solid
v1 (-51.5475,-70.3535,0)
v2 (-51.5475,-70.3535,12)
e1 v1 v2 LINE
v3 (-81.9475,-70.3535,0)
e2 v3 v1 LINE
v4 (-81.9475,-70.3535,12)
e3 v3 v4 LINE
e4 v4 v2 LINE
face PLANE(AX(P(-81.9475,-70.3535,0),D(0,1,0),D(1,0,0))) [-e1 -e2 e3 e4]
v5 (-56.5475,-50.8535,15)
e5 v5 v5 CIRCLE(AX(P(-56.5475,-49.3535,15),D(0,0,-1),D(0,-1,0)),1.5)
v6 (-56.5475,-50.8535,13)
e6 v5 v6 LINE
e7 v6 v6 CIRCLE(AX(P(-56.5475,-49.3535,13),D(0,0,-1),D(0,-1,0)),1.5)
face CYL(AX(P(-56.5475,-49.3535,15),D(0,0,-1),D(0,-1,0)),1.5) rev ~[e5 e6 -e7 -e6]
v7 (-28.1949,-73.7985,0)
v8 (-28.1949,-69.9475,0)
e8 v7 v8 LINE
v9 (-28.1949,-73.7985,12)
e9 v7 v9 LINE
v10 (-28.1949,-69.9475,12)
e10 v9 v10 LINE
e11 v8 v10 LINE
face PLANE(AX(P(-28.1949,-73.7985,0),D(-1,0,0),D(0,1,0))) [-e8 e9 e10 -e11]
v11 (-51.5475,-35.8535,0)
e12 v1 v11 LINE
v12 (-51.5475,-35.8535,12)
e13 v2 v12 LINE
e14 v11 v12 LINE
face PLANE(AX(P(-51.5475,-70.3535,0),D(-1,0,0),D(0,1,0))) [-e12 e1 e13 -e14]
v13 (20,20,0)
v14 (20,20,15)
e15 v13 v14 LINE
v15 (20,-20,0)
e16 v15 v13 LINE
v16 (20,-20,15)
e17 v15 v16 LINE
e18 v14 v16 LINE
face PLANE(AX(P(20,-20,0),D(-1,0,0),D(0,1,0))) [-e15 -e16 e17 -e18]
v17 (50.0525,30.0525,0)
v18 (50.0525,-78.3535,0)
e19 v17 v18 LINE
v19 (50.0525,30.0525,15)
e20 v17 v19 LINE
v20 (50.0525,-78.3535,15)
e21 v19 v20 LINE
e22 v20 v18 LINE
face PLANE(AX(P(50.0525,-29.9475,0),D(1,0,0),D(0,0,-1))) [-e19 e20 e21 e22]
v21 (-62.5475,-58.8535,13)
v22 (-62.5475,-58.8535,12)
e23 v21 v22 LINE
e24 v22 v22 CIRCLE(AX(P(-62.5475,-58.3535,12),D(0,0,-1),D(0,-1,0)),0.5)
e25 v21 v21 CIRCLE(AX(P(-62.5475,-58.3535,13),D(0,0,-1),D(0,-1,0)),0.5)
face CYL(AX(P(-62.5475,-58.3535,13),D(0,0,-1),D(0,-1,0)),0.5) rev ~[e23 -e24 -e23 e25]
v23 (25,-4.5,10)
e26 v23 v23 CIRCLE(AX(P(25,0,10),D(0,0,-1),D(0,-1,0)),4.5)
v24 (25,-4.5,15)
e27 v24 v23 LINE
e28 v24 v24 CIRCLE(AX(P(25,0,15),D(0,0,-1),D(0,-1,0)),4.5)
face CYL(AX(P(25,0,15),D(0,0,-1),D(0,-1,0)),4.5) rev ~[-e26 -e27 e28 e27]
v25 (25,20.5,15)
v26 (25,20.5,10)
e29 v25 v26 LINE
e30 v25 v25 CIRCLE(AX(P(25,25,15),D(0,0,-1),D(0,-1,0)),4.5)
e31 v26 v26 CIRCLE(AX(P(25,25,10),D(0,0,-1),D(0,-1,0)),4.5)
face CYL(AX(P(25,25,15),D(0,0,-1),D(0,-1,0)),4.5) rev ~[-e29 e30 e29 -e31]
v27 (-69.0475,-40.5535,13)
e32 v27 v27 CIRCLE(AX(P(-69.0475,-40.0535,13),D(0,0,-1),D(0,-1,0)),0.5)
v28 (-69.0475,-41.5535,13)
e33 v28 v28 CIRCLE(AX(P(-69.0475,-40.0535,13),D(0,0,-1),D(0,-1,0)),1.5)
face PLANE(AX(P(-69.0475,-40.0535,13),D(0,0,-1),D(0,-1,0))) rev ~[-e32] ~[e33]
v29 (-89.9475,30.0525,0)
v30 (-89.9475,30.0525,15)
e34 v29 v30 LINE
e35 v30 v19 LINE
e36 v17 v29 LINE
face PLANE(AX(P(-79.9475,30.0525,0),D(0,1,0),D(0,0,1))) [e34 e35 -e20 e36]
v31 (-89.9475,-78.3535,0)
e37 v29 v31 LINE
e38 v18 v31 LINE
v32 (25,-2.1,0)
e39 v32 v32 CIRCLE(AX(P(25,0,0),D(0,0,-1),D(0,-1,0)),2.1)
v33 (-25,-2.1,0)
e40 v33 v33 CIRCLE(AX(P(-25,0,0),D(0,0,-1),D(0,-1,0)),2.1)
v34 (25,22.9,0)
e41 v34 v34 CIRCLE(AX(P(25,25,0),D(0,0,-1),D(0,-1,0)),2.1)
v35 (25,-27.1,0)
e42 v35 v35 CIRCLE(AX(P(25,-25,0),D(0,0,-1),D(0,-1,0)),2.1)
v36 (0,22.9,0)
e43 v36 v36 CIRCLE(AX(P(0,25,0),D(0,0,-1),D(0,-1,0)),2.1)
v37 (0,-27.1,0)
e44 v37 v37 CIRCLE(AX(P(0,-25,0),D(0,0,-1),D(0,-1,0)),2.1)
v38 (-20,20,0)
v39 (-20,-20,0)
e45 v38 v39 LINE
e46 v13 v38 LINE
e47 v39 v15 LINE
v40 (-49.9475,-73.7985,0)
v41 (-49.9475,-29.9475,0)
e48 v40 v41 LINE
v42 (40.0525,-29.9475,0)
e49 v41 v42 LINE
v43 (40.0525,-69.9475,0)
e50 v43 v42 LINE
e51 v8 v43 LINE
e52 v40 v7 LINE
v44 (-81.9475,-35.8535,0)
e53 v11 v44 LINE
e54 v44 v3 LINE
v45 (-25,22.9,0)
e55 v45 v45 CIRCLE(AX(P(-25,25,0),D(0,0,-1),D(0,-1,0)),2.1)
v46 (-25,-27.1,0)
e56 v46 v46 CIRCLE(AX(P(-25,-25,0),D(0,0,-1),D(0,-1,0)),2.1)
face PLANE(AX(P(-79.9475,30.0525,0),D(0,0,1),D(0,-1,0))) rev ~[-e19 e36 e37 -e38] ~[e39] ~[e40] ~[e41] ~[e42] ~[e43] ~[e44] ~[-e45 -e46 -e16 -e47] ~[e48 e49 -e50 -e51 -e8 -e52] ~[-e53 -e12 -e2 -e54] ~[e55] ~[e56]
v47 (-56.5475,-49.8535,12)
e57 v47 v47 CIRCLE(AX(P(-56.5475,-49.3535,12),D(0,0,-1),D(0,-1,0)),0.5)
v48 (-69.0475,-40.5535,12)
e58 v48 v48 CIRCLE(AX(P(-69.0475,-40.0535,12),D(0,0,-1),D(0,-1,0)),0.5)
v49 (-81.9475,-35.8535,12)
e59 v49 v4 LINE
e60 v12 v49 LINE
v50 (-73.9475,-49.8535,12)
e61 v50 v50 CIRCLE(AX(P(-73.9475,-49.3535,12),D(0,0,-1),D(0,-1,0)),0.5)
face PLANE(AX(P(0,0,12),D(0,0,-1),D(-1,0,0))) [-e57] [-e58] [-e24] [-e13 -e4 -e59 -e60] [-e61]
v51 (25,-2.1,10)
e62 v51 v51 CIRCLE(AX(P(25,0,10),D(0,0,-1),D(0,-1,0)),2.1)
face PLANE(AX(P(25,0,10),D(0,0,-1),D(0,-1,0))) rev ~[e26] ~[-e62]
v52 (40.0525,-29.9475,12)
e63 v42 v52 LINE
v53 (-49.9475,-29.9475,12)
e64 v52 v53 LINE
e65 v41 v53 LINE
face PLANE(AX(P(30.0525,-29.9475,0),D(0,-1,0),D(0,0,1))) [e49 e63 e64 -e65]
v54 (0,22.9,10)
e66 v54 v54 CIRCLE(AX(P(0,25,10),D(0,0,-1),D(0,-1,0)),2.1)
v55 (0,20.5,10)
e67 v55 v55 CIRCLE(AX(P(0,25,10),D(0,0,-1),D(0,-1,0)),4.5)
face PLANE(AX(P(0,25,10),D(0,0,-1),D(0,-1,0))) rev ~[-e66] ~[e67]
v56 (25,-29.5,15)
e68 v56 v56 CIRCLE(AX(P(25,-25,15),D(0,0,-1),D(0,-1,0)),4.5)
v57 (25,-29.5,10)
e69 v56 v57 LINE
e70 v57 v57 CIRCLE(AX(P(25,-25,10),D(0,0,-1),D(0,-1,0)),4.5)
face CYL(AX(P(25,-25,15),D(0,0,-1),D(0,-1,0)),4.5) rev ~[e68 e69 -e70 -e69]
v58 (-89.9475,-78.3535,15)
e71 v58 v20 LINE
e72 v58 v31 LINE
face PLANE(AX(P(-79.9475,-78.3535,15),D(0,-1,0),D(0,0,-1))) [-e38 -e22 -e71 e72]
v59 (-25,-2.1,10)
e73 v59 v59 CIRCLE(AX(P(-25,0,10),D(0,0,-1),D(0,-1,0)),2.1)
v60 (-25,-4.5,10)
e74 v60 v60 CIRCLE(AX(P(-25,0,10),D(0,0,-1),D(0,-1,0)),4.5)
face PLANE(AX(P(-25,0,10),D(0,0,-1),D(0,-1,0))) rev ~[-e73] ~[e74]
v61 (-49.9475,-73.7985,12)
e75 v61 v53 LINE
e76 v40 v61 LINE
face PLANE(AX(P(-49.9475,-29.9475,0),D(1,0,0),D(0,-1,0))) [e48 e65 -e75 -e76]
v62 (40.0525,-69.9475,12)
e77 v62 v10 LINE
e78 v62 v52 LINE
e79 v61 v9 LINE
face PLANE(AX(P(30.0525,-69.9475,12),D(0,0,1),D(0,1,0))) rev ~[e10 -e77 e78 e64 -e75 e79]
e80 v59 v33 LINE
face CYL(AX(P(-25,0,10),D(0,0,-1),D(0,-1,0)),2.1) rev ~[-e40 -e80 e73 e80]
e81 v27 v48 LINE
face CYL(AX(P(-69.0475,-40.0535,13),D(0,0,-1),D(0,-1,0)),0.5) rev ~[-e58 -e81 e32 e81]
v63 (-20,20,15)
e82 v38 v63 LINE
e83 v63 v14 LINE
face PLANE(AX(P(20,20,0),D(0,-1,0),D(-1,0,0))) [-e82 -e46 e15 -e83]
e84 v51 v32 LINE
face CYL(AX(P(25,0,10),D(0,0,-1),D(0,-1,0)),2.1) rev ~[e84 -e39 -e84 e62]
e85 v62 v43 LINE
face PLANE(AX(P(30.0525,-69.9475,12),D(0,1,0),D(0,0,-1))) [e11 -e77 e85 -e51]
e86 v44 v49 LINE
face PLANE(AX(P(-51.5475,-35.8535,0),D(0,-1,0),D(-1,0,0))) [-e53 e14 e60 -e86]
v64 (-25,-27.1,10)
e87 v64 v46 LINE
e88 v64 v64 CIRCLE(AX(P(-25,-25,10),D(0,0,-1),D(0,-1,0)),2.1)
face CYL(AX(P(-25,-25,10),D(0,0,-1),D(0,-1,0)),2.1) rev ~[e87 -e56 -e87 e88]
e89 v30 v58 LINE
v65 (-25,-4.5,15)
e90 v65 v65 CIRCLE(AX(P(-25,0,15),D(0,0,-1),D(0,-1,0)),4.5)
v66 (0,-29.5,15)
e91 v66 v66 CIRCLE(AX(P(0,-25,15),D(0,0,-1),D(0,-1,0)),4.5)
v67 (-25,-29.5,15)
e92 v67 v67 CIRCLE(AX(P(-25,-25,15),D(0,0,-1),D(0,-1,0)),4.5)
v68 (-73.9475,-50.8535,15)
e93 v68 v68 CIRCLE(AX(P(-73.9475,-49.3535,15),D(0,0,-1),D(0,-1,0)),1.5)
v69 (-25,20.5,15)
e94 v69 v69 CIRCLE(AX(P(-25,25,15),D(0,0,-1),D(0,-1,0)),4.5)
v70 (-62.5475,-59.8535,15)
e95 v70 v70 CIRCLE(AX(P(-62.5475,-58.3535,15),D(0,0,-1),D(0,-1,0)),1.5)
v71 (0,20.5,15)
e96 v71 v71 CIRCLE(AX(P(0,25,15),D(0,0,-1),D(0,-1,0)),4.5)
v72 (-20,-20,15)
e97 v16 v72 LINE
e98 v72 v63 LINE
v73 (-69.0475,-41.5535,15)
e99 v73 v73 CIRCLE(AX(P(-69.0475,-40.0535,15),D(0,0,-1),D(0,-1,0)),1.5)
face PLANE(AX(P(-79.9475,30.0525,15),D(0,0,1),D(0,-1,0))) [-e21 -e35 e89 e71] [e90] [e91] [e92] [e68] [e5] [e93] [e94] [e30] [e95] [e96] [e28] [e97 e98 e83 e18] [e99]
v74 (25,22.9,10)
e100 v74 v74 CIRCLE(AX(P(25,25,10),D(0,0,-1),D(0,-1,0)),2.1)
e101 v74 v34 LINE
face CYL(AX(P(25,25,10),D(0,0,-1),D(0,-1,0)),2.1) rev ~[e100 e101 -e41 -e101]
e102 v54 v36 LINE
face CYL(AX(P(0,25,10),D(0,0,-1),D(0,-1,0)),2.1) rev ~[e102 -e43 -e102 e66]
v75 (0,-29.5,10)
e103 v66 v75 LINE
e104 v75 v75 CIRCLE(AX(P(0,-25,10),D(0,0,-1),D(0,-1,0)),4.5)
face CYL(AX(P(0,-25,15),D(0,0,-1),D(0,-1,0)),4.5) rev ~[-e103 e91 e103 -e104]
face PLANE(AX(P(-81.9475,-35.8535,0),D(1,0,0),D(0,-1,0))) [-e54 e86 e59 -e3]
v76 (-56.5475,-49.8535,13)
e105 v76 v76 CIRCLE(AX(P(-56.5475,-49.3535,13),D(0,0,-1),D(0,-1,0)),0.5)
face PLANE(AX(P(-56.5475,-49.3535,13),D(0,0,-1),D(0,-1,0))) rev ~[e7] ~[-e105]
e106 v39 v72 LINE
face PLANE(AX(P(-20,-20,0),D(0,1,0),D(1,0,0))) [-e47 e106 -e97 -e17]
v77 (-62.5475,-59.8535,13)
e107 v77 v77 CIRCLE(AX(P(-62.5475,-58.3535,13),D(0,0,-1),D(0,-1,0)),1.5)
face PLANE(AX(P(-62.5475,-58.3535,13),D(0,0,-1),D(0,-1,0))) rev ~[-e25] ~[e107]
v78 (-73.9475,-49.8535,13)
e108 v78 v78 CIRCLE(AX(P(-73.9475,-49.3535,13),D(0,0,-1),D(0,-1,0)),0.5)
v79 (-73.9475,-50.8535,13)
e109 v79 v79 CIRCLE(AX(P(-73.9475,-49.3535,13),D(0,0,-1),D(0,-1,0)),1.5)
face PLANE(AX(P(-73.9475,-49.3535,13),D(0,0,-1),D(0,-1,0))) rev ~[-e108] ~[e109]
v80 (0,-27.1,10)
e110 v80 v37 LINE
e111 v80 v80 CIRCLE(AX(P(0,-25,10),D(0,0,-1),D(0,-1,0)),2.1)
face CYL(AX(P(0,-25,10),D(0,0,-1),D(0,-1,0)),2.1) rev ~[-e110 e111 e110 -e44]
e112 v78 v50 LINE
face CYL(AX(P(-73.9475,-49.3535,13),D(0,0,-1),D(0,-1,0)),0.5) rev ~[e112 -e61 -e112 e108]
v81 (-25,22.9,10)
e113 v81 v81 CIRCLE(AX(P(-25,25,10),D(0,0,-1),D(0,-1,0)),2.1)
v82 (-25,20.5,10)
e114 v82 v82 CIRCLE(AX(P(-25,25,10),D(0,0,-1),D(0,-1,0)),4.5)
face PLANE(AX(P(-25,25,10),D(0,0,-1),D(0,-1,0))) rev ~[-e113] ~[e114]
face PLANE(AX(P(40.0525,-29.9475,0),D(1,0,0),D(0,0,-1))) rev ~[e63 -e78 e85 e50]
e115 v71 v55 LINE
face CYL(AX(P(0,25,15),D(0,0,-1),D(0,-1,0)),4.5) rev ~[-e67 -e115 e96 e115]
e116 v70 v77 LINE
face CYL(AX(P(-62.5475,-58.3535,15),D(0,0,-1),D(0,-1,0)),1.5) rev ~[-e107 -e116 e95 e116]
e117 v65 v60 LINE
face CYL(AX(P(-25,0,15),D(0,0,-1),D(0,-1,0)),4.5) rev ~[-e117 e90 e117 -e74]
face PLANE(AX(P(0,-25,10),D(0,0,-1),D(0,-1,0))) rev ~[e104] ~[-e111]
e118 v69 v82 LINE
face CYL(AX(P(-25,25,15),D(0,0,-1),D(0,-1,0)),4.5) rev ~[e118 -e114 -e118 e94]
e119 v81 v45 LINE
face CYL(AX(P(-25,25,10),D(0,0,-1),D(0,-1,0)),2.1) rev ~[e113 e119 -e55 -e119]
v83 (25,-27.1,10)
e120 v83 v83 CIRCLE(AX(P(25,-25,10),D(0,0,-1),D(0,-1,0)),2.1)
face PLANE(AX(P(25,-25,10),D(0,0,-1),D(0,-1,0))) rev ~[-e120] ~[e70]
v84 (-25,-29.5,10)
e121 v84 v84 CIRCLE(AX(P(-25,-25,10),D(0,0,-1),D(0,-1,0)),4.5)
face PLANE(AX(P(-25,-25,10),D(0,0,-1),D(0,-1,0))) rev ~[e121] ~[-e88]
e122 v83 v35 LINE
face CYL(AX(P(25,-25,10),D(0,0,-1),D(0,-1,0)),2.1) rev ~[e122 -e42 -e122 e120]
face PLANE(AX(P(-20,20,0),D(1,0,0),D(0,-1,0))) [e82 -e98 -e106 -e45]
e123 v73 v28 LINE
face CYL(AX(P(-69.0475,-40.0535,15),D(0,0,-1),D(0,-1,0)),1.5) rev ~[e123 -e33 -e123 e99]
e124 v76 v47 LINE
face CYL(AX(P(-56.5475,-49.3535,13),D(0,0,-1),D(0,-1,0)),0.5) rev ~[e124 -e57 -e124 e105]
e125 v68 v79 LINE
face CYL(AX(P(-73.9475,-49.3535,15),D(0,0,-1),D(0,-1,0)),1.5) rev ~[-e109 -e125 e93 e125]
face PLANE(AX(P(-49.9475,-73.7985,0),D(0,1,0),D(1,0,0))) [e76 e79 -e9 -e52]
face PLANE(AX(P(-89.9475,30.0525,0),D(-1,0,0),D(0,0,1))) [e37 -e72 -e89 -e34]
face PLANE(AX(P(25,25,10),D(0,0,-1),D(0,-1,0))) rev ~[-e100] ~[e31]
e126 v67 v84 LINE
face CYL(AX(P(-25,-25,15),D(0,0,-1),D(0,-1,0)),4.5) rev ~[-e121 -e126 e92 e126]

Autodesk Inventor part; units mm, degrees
ref_plane "YZ Plane" through (0, 0, 0) normal (1, 0, 0) x (0, 1, 0)
ref_plane "XZ Plane" through (0, 0, 0) normal (0, 1, 0) x (-1, 0, 0)
ref_plane "Work Plane1" through (0, 0, 0) normal (0, 0, 1) x (1, 0, 0)
ref_plane "Work Plane2" through (0, 0, 0) normal (0, 0, 1) x (1, 0, 0)
sketch "Sketch3" plane through (0, 0, 0) normal (0, 0, 1) x (1, 0, 0)
  circle A0 centre (0, 25) radius 1.95 construction
  circle A1 centre (-25, 0) radius 1.95 construction
  circle A2 centre (-25, -25) radius 1.95 construction
  circle A3 centre (25, 25) radius 1.95 construction
  circle A4 centre (25, -25) radius 1.95 construction
  circle A5 centre (-25, 25) radius 1.95 construction
  circle A6 centre (25, 0) radius 1.95 construction
  circle A7 centre (0, -25) radius 1.95 construction
  line L0 (-28, 30) -> (-30, 28) construction
  line L1 (-30, 28) -> (-30, -28) construction
  line L2 (-30, -28) -> (-28, -30) construction
  line L3 (-28, -30) -> (28, -30) construction
  line L4 (28, -30) -> (30, -28) construction
  line L5 (30, -28) -> (30, 28) construction
  line L6 (30, 28) -> (28, 30) construction
  line L7 (28, 30) -> (-28, 30) construction
  line L8 (30.0525, 30.0525) -> (-79.9475, 30.0525)
  line L9 (-79.9475, 30.0525) -> (-79.9475, -29.9475)
  line L10 (-79.9475, -29.9475) -> (30.0525, -29.9475)
  line L11 (30.0525, -29.9475) -> (30.0525, 30.0525)
  line L12 (-79.9475, -29.9475) -> (-49.9475, -29.9475)
  line L13 (-49.9475, -29.9475) -> (-49.9475, -69.9475)
  line L14 (-49.9475, -69.9475) -> (-79.9475, -69.9475)
  line L15 (-79.9475, -69.9475) -> (-79.9475, -29.9475)
  point P0 (0, 0)
  dimension "d5" = 110
  dimension "d6" = 60
  dimension "d7" = 30
  dimension "d8" = 40
extrude "Extrusion2" add sketch "Sketch3" along normal blind 12
sketch "Sketch4" plane through (0, 0, 12) normal (0, 0, 1) x (1, 0, 0)
  line L0 (-79.9475, 30.0525) -> (-79.9475, -69.9475) projected
  line L1 (-79.9475, -69.9475) -> (-49.9475, -69.9475) projected
  line L2 (-49.9475, -69.9475) -> (-49.9475, -29.9475) projected
  line L3 (-49.9475, -29.9475) -> (30.0525, -29.9475) projected
  line L4 (30.0525, -29.9475) -> (30.0525, 30.0525) projected
  line L5 (30.0525, 30.0525) -> (-79.9475, 30.0525) projected
  line L6 (-49.9475, -69.9475) -> (30.0525, -69.9475)
  line L7 (30.0525, -69.9475) -> (30.0525, -29.9475)
  line L8 (30.0525, -29.9475) -> (-49.9475, -29.9475)
  line L9 (-49.9475, -29.9475) -> (-49.9475, -69.9475)
  point P0 (0, 0)
extrude "Extrusion3" add sketch "Sketch4" along normal blind 3
sketch "Sketch5" plane through (0, 0, 15) normal (0, 0, 1) x (1, 0, 0)
  line L0 (-79.9475, -69.9475) -> (30.0525, -69.9475) projected
  line L1 (30.0525, -69.9475) -> (30.0525, 30.0525) projected
  line L2 (30.0525, 30.0525) -> (-79.9475, 30.0525) projected
  line L3 (-79.9475, 30.0525) -> (-79.9475, -69.9475) projected
  line L4 (-79.9475, -69.9475) -> (-49.9475, -69.9475) projected
  line L5 (-79.9475, -69.9475) -> (30.0525, -69.9475)
  line L6 (30.0525, -69.9475) -> (30.0525, -78.3535)
  line L7 (30.0525, -78.3535) -> (-79.9475, -78.3535)
  line L8 (-79.9475, -78.3535) -> (-79.9475, -69.9475)
  line L9 (30.0525, -78.3535) -> (34.0525, -78.3535)
  line L10 (34.0525, -78.3535) -> (34.0525, -24.0007)
  line L11 (34.0525, -24.0007) -> (30.0525, -24.0007)
  line L12 (30.0525, -24.0007) -> (30.0525, -78.3535)
  point P0 (0, 0)
  dimension "d13" = 110
  dimension "d14" = 8.406
  dimension "d15" = 4
  dimension "d16" = 54.353
extrude "Extrusion4" add sketch "Sketch5" against normal up to surface (15 mm away) contours L0 L6 L7 L8
sketch "Sketch6" plane through (0, 0, 15) normal (0, 0, 1) x (1, 0, 0)
  line L0 (30.0525, -78.3535) -> (30.0525, 30.0525) projected
  line L1 (30.0525, 30.0525) -> (-79.9475, 30.0525) projected
  line L2 (-79.9475, 30.0525) -> (-79.9475, -78.3535) projected
  line L3 (-79.9475, -78.3535) -> (30.0525, -78.3535) projected
  circle A0 centre (0, 25) radius 1.95 projected
  circle A1 centre (-25, 0) radius 1.95 projected
  circle A2 centre (-25, -25) radius 1.95 projected
  circle A3 centre (25, 25) radius 1.95 projected
  circle A4 centre (25, -25) radius 1.95 projected
  circle A5 centre (-25, 25) radius 1.95 projected
  circle A6 centre (25, 0) radius 1.95 projected
  circle A7 centre (0, -25) radius 1.95 projected
  line L4 (-28, 30) -> (-30, 28) projected
  line L5 (-30, 28) -> (-30, -28) projected
  line L6 (-30, -28) -> (-28, -30) projected
  line L7 (-28, -30) -> (28, -30) projected
  line L8 (28, -30) -> (30, -28) projected
  line L9 (30, -28) -> (30, 28) projected
  line L10 (30, 28) -> (28, 30) projected
  line L11 (28, 30) -> (-28, 30) projected
  point P0 (0, 0)
hole "Hole1" at (25, 25, 15) at (0, 25, 15) at (-25, 25, 15) at (-25, 0, 15) at (-25, -25, 15) at (0, -25, 15) at (25, -25, 15) at (25, 0, 15) direction (0, 0, -1) diameter 4.2 end through all counterbore diameter 9 counterbore depth 5
sketch "Sketch7" plane through (30.0525, -29.9475, 0) normal (1, 0, 0) x (0, 0, -1)
  line L0 (-10, 34.4475) -> (-10, 25.4475) projected
  line L1 (0, 0) -> (0, 60) projected
  line L2 (0, 60) -> (-15, 60) projected
  line L3 (-15, -48.406) -> (-15, 60) projected
  line L4 (-15, -48.406) -> (0, -48.406) projected
  line L5 (0, -48.406) -> (0, -40) projected
  line L6 (-12, -40) -> (0, -40) projected
  line L7 (-12, -40) -> (-12, 0) projected
  line L8 (0, 0) -> (-12, 0) projected
  point P0 (0, 29.9475)
extrude "Extrusion5" add sketch "Sketch7" along normal blind 10
sketch "Sketch8" plane through (40.0525, -29.9475, 0) normal (1, 0, 0) x (0, 0, -1)
  line L0 (0, 0) -> (0, 60) projected
  line L1 (0, 60) -> (-15, 60) projected
  line L2 (-15, 60) -> (-15, -48.406) projected
  line L3 (-15, -48.406) -> (0, -48.406) projected
  line L4 (0, -48.406) -> (0, -40) projected
  line L5 (0, -40) -> (-12, -40) projected
  line L6 (-12, -40) -> (-12, 0) projected
  line L7 (-12, 0) -> (0, 0) projected
  line L8 (0, 0) -> (-12, 0)
  line L9 (-12, 0) -> (-12, -40)
  line L10 (-12, -40) -> (0, -40)
  line L11 (0, -40) -> (0, 0)
  point P0 (0, 29.9475)
extrude "Extrusion6" add sketch "Sketch8" along normal blind 10
sketch "Sketch10" plane through (0, 0, 0) normal (0, 0, -1) x (-1, 0, 0)
  line L0 (49.9475, -29.9475) -> (-40.0525, -29.9475) construction
  line L1 (49.9475, -69.9475) -> (49.9475, -29.9475) construction
  line L2 (49.9475, -69.9475) -> (-40.0525, -69.9475) construction
  line L3 (-40.0525, -69.9475) -> (-40.0525, -29.9475) construction
  circle A0 centre (-25, -25) radius 2.1 construction
  circle A1 centre (25, -25) radius 2.1 construction
  circle A2 centre (25, 25) radius 2.1 construction
  circle A3 centre (-25, 25) radius 2.1 construction
  circle A4 centre (0, 25) radius 2.1 construction
  circle A5 centre (25, 0) radius 2.1 construction
  circle A6 centre (0, -25) radius 2.1 construction
  circle A7 centre (-25, 0) radius 2.1 construction
  line L4 (-50.0525, 30.0525) -> (79.9475, 30.0525) construction
  line L5 (-50.0525, -78.3535) -> (-50.0525, 30.0525) construction
  line L6 (79.9475, -78.3535) -> (-50.0525, -78.3535) construction
  line L7 (79.9475, 30.0525) -> (79.9475, -78.3535) construction
  line L8 (39, -67) -> (34, -67) construction
  line L9 (34, -71) -> (34, -67) construction
  line L10 (34, -71) -> (39, -71) construction
  line L11 (39, -67) -> (39, -71) construction
  line L12 (28.1949, -69.9475) -> (49.9475, -69.9475)
  line L13 (49.9475, -69.9475) -> (49.9475, -73.7985)
  line L14 (49.9475, -73.7985) -> (28.1949, -73.7985)
  line L15 (28.1949, -73.7985) -> (28.1949, -69.9475)
  point P0 (0, 0)
extrude "Extrusion8" cut sketch "Sketch10" against normal up to surface (12 mm away)
sketch "Sketch12" plane through (-79.9475, 30.0525, 0) normal (-1, 0, 0) x (0, 0, 1)
  line L0 (10, -97.0525) -> (10, -65.0525) projected
  line L1 (0, 0) -> (0, -108.406) projected
  line L2 (15, -108.406) -> (0, -108.406) projected
  line L3 (15, 0) -> (15, -108.406) projected
  line L4 (0, 0) -> (15, 0) projected
  point P0 (0, -30.0525)
extrude "Extrusion9" add sketch "Sketch12" along normal blind 10
sketch "Sketch15" plane through (0, 0, 0) normal (0, 0, -1) x (-1, 0, 0)
  circle A0 centre (0, 0) radius 7.5 projected
  line L0 (20, -20) -> (-20, -20)
  line L1 (-20, -20) -> (-20, 20)
  line L2 (-20, 20) -> (20, 20)
  line L3 (20, 20) -> (20, -20)
  line L4 (20, -20) -> (-20, 20) construction
  line L5 (-20, -20) -> (20, 20) construction
  point P0 (0, 0)
  dimension "d52" = 40
  dimension "d53" = 40
extrude "Extrusion10" cut sketch "Sketch15" against normal through all contours A0 | L0 L1 L2 L3
sketch "Sketch16" plane through (0, 0, 0) normal (0, 0, -1) x (-1, 0, 0)
  circle A0 centre (65.0475, -49.3535) radius 8.5 construction
  line L0 (79.9475, -68.3535) -> (79.9475, -37.8535) construction
  line L1 (79.9475, -37.8535) -> (53.5475, -37.8535) construction
  line L2 (53.5475, -37.8535) -> (53.5475, -68.3535) construction
  line L3 (53.5475, -68.3535) -> (79.9475, -68.3535) construction
  line L4 (51.5475, -35.8535) -> (81.9475, -35.8535)
  line L5 (81.9475, -35.8535) -> (81.9475, -70.3535)
  line L6 (81.9475, -70.3535) -> (51.5475, -70.3535)
  line L7 (51.5475, -70.3535) -> (51.5475, -35.8535)
  point P0 (0, 0)
  dimension "d56" = 2
ref_plane "Work Plane3" through (-75.6975, -60.1035, 12) normal (0, 0, 1) x (1, 0, 0)
extrude "Extrusion11" cut sketch "Sketch16" against normal up to surface (12 mm away)
sketch "Sketch17" plane through (0, 0, 15) normal (0, 0, 1) x (1, 0, 0)
  circle A0 centre (-56.5475, -49.3535) radius 0.9 projected
  circle A1 centre (-69.0475, -40.0535) radius 0.9 projected
  arc A2 (-73.0475, -47.8527) -> (-73.0475, -50.8543) centre (-73.9475, -49.3535) ccw projected
  circle A3 centre (-62.5475, -58.3535) radius 0.9 projected
  point P0 (0, 0)
hole "Hole4" at (-73.9475, -49.3535, 15) at (-69.0475, -40.0535, 15) at (-56.5475, -49.3535, 15) at (-62.5475, -58.3535, 15) direction (0, 0, -1) diameter 1 depth 10 tip angle 118 counterbore diameter 3 counterbore depth 2
properties part number "10_Baseplate_Axiotech_mono_zstagfe"
